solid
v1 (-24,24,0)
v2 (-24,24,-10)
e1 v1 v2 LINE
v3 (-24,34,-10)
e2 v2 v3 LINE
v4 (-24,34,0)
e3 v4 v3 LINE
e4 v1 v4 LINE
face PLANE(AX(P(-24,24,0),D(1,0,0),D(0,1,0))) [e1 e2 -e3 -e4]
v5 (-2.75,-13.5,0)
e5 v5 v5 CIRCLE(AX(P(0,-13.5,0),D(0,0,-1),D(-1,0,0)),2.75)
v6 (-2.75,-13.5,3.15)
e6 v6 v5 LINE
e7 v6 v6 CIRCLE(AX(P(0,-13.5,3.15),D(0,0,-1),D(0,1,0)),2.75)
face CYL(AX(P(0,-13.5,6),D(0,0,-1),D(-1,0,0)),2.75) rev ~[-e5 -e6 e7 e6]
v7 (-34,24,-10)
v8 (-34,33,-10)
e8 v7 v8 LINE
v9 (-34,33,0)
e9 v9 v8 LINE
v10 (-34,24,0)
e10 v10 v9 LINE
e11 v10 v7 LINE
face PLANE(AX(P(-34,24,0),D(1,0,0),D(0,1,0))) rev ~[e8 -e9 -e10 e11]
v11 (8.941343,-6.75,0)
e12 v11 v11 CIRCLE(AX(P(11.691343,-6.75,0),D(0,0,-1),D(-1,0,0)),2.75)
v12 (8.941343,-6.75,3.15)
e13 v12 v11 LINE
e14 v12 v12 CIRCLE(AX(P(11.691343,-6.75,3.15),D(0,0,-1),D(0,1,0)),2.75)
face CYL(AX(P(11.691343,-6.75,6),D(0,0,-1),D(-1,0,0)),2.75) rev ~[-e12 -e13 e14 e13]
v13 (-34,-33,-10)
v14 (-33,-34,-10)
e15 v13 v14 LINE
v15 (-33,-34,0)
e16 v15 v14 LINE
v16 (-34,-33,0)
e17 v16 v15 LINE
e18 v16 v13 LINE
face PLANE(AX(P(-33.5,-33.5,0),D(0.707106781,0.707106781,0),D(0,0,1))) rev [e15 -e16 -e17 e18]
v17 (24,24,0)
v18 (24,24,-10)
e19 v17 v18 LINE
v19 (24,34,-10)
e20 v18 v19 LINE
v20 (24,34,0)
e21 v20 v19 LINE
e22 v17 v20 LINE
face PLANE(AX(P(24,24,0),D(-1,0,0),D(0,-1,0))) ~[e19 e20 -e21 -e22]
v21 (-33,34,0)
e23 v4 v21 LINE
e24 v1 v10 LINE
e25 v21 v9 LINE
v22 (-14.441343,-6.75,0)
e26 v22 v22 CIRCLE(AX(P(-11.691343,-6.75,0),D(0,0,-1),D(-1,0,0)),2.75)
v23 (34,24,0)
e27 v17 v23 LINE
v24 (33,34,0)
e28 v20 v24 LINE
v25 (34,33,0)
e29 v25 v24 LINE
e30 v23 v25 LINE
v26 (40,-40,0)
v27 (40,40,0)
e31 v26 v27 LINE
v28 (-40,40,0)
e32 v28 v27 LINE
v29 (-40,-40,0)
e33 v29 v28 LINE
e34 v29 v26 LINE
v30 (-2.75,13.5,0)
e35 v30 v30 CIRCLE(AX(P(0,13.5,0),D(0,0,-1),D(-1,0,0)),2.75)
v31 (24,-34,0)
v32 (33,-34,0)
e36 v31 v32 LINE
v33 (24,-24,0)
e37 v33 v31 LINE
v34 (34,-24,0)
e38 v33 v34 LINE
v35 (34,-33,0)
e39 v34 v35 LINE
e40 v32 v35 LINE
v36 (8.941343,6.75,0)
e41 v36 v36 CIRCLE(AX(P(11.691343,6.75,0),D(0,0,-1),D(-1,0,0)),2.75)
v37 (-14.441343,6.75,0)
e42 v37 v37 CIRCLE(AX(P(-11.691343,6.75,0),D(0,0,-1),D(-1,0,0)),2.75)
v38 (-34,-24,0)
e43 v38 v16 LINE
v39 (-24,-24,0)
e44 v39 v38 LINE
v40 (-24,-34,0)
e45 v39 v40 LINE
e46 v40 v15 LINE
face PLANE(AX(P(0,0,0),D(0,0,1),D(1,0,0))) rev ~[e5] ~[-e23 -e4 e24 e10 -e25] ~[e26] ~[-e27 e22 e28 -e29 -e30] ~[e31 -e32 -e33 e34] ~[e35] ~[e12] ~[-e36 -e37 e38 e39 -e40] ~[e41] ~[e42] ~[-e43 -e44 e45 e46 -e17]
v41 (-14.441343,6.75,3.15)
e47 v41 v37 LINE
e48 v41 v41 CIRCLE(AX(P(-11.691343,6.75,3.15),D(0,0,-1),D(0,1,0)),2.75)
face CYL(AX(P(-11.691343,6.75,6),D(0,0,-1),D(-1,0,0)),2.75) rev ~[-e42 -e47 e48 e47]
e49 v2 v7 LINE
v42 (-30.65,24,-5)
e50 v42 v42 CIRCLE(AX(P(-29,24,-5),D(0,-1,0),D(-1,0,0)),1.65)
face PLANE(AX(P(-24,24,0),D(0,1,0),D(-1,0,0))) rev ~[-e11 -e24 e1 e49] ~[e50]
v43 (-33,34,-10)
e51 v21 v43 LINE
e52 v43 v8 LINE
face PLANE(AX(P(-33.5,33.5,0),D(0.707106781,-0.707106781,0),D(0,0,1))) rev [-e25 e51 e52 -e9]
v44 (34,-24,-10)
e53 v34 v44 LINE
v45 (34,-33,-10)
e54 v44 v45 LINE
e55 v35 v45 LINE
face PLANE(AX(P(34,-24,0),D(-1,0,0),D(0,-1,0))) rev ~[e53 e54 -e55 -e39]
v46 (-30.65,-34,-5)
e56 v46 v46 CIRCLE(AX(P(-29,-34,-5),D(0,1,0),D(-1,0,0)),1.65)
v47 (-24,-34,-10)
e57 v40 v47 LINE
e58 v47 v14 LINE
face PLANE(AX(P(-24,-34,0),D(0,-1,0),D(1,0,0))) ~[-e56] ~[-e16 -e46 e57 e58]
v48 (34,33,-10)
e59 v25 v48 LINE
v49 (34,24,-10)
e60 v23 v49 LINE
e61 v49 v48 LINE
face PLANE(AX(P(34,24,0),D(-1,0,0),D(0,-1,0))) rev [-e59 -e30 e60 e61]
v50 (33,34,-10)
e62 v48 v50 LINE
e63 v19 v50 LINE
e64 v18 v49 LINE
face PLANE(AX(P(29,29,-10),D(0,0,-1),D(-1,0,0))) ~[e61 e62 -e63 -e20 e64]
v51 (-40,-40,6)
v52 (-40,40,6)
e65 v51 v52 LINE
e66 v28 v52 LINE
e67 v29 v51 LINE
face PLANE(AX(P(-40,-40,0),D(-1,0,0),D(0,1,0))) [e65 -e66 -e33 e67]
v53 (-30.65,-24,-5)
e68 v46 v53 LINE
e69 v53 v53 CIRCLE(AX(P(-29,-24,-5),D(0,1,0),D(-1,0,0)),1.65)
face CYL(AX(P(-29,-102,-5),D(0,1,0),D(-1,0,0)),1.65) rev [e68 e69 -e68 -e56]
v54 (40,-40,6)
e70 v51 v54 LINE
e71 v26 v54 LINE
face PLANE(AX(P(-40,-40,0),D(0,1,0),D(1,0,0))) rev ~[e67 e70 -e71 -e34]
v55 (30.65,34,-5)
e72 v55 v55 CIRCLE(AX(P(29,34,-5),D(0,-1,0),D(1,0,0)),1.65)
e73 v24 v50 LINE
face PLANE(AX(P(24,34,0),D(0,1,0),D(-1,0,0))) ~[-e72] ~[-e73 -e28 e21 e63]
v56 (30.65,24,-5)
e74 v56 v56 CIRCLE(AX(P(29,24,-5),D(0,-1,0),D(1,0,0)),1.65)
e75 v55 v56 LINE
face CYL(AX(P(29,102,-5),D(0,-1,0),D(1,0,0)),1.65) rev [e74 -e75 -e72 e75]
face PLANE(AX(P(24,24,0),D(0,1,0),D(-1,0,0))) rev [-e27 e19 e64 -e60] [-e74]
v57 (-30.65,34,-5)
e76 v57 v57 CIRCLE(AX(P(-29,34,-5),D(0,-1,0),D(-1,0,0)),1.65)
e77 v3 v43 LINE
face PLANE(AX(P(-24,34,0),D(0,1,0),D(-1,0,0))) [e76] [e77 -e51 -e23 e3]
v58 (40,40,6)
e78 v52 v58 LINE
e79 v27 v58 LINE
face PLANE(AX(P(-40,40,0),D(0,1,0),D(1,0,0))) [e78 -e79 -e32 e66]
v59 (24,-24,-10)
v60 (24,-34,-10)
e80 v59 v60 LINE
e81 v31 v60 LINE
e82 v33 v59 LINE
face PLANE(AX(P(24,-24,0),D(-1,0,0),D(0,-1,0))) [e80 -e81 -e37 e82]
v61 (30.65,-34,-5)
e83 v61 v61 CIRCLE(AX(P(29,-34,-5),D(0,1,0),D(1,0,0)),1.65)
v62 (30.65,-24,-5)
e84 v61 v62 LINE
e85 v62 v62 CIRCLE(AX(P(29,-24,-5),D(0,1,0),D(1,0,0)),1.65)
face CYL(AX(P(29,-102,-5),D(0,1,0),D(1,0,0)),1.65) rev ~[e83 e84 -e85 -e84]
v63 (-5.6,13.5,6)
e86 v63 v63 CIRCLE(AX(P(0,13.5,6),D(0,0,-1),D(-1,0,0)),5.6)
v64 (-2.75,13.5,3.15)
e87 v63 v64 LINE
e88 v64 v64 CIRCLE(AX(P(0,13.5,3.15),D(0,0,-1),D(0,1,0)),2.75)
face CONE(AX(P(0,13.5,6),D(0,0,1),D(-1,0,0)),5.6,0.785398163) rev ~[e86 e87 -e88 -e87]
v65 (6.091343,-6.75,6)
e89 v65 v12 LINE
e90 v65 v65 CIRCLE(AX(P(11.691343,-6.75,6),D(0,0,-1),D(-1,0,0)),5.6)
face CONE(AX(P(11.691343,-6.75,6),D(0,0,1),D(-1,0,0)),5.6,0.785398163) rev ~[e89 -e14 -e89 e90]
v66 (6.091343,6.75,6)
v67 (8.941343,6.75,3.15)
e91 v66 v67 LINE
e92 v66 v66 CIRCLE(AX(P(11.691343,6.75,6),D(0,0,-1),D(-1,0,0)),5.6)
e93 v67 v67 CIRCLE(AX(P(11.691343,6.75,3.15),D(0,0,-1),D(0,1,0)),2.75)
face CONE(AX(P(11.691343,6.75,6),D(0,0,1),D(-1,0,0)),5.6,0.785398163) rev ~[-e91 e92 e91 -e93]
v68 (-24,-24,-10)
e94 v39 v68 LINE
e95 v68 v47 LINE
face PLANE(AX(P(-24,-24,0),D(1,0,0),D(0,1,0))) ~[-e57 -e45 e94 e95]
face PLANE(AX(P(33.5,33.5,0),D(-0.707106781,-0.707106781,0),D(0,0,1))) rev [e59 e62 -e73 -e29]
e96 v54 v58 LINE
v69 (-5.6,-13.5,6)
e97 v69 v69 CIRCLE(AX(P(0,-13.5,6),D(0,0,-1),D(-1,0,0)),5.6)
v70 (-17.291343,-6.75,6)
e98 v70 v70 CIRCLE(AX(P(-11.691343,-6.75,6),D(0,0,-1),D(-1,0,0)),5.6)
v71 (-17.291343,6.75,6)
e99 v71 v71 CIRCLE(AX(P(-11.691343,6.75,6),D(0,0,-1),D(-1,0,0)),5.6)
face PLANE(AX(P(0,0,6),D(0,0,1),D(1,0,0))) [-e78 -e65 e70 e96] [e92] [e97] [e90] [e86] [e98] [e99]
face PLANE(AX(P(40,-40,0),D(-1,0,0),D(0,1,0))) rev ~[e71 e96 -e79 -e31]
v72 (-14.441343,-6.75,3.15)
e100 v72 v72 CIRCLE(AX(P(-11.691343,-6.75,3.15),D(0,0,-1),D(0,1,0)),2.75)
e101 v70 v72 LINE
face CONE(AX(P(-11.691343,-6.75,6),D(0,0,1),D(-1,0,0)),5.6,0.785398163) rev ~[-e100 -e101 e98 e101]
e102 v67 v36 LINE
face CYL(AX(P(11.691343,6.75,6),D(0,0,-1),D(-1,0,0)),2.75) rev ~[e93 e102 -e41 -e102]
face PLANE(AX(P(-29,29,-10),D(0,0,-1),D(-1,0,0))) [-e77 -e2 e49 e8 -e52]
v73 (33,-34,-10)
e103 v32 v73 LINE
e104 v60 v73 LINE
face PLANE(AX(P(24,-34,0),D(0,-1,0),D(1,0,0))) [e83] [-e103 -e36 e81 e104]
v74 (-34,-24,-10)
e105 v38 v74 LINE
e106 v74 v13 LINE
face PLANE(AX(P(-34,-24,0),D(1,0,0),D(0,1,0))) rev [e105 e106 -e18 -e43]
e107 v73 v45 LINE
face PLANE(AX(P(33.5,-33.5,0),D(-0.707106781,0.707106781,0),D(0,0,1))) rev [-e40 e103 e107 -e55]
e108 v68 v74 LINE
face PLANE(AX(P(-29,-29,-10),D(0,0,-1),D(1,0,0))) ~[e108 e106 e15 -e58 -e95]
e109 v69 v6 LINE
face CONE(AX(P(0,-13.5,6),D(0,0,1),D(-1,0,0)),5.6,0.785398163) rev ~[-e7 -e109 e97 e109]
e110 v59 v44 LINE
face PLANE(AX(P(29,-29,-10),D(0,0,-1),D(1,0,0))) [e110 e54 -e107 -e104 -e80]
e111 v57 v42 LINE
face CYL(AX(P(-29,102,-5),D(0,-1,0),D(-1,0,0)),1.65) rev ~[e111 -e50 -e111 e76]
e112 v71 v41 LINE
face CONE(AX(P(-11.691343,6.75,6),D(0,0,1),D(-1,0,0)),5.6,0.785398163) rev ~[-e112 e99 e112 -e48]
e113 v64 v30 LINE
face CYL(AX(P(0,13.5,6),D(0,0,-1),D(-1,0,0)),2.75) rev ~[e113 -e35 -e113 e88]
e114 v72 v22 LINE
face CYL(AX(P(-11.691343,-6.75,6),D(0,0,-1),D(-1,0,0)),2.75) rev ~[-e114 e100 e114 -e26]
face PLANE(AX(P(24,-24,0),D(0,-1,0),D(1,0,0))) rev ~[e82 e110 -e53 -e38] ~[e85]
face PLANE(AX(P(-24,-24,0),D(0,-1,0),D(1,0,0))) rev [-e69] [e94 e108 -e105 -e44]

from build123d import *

# Parameters (mm, degrees)
SKETCH_1_W                   = 80
SKETCH_1_H                   = 80
EXTRUDE_1_DEPTH              = 6
SKETCH_11_W                  = 10
SKETCH_11_H                  = 10
EXTRUDE_3_DEPTH              = 10
HOLE_WIZARD_M4_2_D           = 3.3
HOLE_WIZARD_M4_2_DEPTH       = 68
HOLE_WIZARD_M5_1_D           = 5.5
HOLE_WIZARD_M5_1_DEPTH       = 6
HOLE_WIZARD_M5_1_CSINK_D     = 11.2
HOLE_WIZARD_M5_1_CSINK_ANGLE = 90
MIRROR_2_COPY_1_SKETCH_W     = 10
MIRROR_2_COPY_1_SKETCH_H     = 10
MIRROR_2_COPY_1_DEPTH        = 10
MIRROR_2_COPY_2_D            = 3.3
MIRROR_2_COPY_2_DEPTH        = 68
CHAMFER_1_SIZE               = 1


with BuildPart() as part:
    # 스케치1 → 보스-돌출1 (new body)
    with BuildSketch(Plane.XY):
        Rectangle(SKETCH_1_W, SKETCH_1_H)
    extrude(amount=EXTRUDE_1_DEPTH)

    # 스케치11 → 보스-돌출3 (add)
    with BuildSketch(Plane(origin=(0, 0, 0), x_dir=(-1, 0, 0), z_dir=(0, 0, -1))):
        with Locations((29, 29)):
            Rectangle(SKETCH_11_W, SKETCH_11_H)
    extrude_3 = extrude(amount=EXTRUDE_3_DEPTH)

    # M4 나사 구멍2
    with Locations(Plane(origin=(0, 34, 0), x_dir=(1, 0, 0), z_dir=(0, 1, 0))):
        with Locations((-29, 5)):
            hole_wizard_m4_2 = Hole(HOLE_WIZARD_M4_2_D / 2, depth=HOLE_WIZARD_M4_2_DEPTH)

    # M5 육각 소켓 접시 머리 캡 나사용 카운터싱크1
    with Locations(Plane.XY.offset(6)):
        with Locations((-11.691342951, -6.75), (0, -13.5), (11.691342951, -6.75), (11.691342951, 6.75), (0, 13.5), (-11.691342951, 6.75)):
            CounterSinkHole(HOLE_WIZARD_M5_1_D / 2, HOLE_WIZARD_M5_1_CSINK_D / 2, depth=HOLE_WIZARD_M5_1_DEPTH, counter_sink_angle=HOLE_WIZARD_M5_1_CSINK_ANGLE)

    # 대칭 복사1: 보스-돌출3, M4 나사 구멍2 across plane
    add(extrude_3.mirror(Plane(origin=(0, 0, 0), x_dir=(0, 0, 1), z_dir=(1, 0, 0))))
    add(hole_wizard_m4_2.mirror(Plane(origin=(0, 0, 0), x_dir=(0, 0, 1), z_dir=(1, 0, 0))), mode=Mode.SUBTRACT)

    # 대칭 복사2: 보스-돌출3, M4 나사 구멍2 across plane
    add(extrude_3.mirror(Plane.ZX))
    add(hole_wizard_m4_2.mirror(Plane.ZX), mode=Mode.SUBTRACT)

    # 대칭 복사2 copy 1 sketch → 대칭 복사2 copy 1 (add)
    with BuildSketch(Plane(origin=(0, 0, 0), x_dir=(1, 0, 0), z_dir=(0, 0, -1))):
        with Locations((29, 29)):
            Rectangle(MIRROR_2_COPY_1_SKETCH_W, MIRROR_2_COPY_1_SKETCH_H)
    extrude(amount=MIRROR_2_COPY_1_DEPTH)

    # 대칭 복사2 copy 2
    with Locations(Plane(origin=(0, -34, 0), x_dir=(-1, 0, 0), z_dir=(0, -1, 0))):
        with Locations((-29, 5)):
            Hole(MIRROR_2_COPY_2_D / 2, depth=MIRROR_2_COPY_2_DEPTH)

    # 모따기1
    chamfer_1_edges = [part.edges().sort_by_distance(p)[0] for p in [
        (34, -34, -5),
        (-34, -34, -5),
        (-34, 34, -5),
        (34, 34, -5),
    ]]
    chamfer(chamfer_1_edges, length=CHAMFER_1_SIZE)


solid = part.part
